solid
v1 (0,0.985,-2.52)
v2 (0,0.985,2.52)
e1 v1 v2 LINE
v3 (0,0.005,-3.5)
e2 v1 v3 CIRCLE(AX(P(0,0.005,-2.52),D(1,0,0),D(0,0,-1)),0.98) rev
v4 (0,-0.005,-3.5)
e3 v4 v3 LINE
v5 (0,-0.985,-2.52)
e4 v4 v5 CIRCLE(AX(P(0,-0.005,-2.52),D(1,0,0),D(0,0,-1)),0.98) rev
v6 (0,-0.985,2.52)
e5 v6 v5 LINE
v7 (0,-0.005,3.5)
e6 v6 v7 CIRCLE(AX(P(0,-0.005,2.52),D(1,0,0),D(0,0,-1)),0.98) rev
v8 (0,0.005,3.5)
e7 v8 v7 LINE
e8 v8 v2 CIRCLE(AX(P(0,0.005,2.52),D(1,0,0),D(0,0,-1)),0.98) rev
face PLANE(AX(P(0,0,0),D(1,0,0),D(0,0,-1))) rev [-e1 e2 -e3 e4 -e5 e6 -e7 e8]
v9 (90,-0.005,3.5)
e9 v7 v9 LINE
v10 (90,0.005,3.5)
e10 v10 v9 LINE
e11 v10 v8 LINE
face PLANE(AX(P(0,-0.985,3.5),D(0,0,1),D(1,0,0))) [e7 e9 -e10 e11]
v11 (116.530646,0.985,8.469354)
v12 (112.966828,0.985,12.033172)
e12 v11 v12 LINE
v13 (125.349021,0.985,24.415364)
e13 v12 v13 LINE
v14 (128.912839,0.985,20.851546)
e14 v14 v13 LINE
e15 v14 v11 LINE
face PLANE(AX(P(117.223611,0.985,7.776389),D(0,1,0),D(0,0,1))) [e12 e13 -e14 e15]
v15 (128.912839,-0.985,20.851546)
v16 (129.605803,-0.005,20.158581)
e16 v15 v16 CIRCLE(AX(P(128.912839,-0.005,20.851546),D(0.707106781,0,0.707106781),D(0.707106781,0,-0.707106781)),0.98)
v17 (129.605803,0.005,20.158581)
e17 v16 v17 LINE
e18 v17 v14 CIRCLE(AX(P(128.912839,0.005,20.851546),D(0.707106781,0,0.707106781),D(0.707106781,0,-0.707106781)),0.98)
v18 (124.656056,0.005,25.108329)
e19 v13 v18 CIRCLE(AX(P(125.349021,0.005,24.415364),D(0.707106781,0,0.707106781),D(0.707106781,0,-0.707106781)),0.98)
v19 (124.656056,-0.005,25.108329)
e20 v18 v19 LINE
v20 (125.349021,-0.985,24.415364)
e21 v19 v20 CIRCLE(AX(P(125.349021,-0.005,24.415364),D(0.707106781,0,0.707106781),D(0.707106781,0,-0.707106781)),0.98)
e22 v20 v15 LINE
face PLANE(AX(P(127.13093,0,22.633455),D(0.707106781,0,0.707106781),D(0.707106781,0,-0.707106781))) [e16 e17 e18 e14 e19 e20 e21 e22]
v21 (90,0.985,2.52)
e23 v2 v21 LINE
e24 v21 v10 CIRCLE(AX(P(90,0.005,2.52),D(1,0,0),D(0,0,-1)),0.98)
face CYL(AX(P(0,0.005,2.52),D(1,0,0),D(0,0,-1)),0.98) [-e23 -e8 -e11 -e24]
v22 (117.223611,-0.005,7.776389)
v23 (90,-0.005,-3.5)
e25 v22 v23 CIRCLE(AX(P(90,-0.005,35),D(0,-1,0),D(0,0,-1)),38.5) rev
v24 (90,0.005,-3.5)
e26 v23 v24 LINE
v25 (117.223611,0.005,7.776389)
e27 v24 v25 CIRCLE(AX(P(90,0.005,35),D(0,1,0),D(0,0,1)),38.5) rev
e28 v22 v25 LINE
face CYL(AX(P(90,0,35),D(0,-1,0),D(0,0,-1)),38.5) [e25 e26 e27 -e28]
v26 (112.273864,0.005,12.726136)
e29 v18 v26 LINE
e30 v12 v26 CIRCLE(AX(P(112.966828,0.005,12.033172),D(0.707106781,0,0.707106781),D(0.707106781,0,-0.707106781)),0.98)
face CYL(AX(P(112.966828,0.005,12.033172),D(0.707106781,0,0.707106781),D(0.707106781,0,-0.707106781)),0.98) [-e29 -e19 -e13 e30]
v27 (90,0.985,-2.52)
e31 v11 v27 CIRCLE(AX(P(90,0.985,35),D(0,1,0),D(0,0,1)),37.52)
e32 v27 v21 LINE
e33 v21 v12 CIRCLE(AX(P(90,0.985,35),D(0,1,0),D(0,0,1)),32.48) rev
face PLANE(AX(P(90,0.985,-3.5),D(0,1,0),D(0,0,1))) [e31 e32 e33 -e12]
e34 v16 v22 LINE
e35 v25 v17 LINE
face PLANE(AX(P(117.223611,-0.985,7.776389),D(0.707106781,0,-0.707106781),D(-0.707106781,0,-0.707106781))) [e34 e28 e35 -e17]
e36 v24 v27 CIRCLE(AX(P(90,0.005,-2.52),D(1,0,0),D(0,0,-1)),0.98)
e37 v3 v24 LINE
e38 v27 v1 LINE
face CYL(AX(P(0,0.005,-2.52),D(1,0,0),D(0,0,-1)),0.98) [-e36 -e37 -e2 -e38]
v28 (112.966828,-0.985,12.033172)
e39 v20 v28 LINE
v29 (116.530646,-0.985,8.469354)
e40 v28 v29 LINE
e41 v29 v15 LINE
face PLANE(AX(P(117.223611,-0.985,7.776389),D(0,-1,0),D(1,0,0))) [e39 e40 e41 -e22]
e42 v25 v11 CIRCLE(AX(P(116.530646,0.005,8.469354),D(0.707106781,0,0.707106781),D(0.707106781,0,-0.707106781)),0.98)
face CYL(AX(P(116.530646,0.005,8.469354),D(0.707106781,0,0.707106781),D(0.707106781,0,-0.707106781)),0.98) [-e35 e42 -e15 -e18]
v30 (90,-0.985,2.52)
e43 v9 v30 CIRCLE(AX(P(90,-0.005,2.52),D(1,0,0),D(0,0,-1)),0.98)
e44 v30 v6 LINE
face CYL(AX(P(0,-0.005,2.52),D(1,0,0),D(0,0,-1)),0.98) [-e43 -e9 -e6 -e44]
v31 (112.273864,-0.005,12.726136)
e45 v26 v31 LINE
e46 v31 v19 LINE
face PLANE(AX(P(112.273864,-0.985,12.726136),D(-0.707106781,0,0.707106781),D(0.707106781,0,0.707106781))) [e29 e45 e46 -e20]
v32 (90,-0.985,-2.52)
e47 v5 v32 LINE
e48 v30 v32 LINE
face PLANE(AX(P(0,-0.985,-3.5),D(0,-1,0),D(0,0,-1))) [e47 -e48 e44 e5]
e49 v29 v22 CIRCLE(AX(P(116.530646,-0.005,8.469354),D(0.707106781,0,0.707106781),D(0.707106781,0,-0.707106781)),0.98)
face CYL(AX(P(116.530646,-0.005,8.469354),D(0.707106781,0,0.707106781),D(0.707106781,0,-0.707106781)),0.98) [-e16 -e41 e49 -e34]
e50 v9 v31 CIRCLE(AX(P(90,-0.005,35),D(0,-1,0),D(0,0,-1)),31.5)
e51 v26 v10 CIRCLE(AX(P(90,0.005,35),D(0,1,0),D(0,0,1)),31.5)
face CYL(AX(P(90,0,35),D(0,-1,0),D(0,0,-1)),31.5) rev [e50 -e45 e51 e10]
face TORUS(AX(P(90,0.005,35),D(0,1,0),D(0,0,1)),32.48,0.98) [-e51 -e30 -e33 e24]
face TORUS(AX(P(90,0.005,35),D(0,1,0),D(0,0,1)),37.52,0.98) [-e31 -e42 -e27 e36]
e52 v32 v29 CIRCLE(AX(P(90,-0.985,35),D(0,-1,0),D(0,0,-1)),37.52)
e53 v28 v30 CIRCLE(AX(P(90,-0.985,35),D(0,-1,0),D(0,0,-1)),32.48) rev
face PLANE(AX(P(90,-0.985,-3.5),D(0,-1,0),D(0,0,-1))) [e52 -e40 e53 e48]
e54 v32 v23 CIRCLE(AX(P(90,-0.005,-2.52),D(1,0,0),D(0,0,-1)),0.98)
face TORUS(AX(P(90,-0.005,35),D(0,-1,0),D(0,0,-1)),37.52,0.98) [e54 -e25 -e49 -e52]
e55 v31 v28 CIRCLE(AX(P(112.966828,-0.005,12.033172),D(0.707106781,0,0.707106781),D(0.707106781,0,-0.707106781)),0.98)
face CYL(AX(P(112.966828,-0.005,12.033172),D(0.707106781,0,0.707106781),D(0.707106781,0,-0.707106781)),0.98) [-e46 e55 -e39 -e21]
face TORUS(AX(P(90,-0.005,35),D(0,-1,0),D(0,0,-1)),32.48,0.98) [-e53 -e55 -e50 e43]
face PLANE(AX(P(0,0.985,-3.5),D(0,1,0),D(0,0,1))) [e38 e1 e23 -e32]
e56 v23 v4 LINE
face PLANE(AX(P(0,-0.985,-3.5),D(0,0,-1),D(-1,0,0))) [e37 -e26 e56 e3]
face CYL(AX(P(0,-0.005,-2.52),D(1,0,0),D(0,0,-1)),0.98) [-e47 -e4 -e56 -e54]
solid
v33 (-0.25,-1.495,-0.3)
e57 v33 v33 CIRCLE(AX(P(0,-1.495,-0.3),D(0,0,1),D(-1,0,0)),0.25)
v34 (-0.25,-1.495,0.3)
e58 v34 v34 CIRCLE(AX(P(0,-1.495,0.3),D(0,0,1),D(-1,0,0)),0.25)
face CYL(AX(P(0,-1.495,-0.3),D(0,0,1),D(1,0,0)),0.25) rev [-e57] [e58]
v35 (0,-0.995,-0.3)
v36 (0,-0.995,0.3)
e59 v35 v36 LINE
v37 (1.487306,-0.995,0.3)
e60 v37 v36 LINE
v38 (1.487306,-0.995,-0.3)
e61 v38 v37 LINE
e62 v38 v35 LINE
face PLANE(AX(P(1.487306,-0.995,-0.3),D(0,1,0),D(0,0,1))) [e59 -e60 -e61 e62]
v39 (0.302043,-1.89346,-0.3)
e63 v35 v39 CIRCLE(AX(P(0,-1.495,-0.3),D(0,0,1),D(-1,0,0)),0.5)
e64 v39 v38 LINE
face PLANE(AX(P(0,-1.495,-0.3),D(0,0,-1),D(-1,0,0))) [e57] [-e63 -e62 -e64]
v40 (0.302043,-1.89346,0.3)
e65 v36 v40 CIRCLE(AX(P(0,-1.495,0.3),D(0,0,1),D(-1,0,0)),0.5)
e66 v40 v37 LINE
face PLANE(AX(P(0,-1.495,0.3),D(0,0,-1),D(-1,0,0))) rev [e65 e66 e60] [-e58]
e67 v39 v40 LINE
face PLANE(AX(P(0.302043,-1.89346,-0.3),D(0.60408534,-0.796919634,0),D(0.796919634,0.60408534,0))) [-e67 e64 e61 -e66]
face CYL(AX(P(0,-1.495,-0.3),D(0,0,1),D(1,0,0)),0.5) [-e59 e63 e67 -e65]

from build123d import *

# Parameters (mm, degrees)
SKETCH3_W           = 7
SKETCH3_H           = 1.97
FILLET1_R           = 0.98
SKETCH7_R           = 0.25
BOSS_EXTRUDE1_DEPTH = 0.6


with BuildPart() as part:
    # Sweep1: sweep along a path in Sketch1
    with BuildLine(Plane(origin=(0, 0, 0), x_dir=(1, 0, 0), z_dir=(0, 1, 0))) as sweep1_path:
        Line((0, 0), (90, 0))
        ThreePointArc((90, 0), (103.393920133, -2.664216362), (114.748737342, -10.251262658))
        Line((114.748737342, -10.251262658), (127.13092964, -22.633454957))
    # Sketch3 → Sweep1 (sweep)
    with BuildSketch(Plane(origin=(0, 0, 0), x_dir=(0, 0, -1), z_dir=(1, 0, 0))):
        Rectangle(SKETCH3_W, SKETCH3_H)
    sweep(path=sweep1_path.line)

    # Fillet1
    fillet1_edges = [part.edges().sort_by_distance(p)[0] for p in [
        (45, -0.985, -3.5),
        (45, 0.985, -3.5),
        (45, 0.985, 3.5),
        (45, -0.985, 3.5),
        (104.733312146, -0.985, -0.569362002),
        (104.733312146, 0.985, -0.569362002),
        (102.05452812, 0.985, 5.897794726),
        (102.05452812, -0.985, 5.897794726),
        (123.414707225, -0.985, 13.967485074),
        (123.414707225, 0.985, 13.967485074),
        (118.464959757, 0.985, 18.917232542),
        (118.464959757, -0.985, 18.917232542),
    ]]
    fillet(fillet1_edges, radius=FILLET1_R)


with BuildPart() as body_2:
    # Sketch7 → Boss-Extrude1 (new body)
    with BuildSketch(Plane.XY.offset(0.3)):
        with BuildLine():
            Line((1.487306111, -0.995), (0, -0.995))
            ThreePointArc((0, -0.995), (-0.473935601, -1.654326852), (0.30204267, -1.893459817))
            Line((0.30204267, -1.893459817), (1.487306111, -0.995))
        make_face()
        with Locations(Location((0, -1.495, 0), (0, 0, 180))):
            Circle(SKETCH7_R, mode=Mode.SUBTRACT)
    extrude(amount=-BOSS_EXTRUDE1_DEPTH)


solid = Compound([part.part, body_2.part])
